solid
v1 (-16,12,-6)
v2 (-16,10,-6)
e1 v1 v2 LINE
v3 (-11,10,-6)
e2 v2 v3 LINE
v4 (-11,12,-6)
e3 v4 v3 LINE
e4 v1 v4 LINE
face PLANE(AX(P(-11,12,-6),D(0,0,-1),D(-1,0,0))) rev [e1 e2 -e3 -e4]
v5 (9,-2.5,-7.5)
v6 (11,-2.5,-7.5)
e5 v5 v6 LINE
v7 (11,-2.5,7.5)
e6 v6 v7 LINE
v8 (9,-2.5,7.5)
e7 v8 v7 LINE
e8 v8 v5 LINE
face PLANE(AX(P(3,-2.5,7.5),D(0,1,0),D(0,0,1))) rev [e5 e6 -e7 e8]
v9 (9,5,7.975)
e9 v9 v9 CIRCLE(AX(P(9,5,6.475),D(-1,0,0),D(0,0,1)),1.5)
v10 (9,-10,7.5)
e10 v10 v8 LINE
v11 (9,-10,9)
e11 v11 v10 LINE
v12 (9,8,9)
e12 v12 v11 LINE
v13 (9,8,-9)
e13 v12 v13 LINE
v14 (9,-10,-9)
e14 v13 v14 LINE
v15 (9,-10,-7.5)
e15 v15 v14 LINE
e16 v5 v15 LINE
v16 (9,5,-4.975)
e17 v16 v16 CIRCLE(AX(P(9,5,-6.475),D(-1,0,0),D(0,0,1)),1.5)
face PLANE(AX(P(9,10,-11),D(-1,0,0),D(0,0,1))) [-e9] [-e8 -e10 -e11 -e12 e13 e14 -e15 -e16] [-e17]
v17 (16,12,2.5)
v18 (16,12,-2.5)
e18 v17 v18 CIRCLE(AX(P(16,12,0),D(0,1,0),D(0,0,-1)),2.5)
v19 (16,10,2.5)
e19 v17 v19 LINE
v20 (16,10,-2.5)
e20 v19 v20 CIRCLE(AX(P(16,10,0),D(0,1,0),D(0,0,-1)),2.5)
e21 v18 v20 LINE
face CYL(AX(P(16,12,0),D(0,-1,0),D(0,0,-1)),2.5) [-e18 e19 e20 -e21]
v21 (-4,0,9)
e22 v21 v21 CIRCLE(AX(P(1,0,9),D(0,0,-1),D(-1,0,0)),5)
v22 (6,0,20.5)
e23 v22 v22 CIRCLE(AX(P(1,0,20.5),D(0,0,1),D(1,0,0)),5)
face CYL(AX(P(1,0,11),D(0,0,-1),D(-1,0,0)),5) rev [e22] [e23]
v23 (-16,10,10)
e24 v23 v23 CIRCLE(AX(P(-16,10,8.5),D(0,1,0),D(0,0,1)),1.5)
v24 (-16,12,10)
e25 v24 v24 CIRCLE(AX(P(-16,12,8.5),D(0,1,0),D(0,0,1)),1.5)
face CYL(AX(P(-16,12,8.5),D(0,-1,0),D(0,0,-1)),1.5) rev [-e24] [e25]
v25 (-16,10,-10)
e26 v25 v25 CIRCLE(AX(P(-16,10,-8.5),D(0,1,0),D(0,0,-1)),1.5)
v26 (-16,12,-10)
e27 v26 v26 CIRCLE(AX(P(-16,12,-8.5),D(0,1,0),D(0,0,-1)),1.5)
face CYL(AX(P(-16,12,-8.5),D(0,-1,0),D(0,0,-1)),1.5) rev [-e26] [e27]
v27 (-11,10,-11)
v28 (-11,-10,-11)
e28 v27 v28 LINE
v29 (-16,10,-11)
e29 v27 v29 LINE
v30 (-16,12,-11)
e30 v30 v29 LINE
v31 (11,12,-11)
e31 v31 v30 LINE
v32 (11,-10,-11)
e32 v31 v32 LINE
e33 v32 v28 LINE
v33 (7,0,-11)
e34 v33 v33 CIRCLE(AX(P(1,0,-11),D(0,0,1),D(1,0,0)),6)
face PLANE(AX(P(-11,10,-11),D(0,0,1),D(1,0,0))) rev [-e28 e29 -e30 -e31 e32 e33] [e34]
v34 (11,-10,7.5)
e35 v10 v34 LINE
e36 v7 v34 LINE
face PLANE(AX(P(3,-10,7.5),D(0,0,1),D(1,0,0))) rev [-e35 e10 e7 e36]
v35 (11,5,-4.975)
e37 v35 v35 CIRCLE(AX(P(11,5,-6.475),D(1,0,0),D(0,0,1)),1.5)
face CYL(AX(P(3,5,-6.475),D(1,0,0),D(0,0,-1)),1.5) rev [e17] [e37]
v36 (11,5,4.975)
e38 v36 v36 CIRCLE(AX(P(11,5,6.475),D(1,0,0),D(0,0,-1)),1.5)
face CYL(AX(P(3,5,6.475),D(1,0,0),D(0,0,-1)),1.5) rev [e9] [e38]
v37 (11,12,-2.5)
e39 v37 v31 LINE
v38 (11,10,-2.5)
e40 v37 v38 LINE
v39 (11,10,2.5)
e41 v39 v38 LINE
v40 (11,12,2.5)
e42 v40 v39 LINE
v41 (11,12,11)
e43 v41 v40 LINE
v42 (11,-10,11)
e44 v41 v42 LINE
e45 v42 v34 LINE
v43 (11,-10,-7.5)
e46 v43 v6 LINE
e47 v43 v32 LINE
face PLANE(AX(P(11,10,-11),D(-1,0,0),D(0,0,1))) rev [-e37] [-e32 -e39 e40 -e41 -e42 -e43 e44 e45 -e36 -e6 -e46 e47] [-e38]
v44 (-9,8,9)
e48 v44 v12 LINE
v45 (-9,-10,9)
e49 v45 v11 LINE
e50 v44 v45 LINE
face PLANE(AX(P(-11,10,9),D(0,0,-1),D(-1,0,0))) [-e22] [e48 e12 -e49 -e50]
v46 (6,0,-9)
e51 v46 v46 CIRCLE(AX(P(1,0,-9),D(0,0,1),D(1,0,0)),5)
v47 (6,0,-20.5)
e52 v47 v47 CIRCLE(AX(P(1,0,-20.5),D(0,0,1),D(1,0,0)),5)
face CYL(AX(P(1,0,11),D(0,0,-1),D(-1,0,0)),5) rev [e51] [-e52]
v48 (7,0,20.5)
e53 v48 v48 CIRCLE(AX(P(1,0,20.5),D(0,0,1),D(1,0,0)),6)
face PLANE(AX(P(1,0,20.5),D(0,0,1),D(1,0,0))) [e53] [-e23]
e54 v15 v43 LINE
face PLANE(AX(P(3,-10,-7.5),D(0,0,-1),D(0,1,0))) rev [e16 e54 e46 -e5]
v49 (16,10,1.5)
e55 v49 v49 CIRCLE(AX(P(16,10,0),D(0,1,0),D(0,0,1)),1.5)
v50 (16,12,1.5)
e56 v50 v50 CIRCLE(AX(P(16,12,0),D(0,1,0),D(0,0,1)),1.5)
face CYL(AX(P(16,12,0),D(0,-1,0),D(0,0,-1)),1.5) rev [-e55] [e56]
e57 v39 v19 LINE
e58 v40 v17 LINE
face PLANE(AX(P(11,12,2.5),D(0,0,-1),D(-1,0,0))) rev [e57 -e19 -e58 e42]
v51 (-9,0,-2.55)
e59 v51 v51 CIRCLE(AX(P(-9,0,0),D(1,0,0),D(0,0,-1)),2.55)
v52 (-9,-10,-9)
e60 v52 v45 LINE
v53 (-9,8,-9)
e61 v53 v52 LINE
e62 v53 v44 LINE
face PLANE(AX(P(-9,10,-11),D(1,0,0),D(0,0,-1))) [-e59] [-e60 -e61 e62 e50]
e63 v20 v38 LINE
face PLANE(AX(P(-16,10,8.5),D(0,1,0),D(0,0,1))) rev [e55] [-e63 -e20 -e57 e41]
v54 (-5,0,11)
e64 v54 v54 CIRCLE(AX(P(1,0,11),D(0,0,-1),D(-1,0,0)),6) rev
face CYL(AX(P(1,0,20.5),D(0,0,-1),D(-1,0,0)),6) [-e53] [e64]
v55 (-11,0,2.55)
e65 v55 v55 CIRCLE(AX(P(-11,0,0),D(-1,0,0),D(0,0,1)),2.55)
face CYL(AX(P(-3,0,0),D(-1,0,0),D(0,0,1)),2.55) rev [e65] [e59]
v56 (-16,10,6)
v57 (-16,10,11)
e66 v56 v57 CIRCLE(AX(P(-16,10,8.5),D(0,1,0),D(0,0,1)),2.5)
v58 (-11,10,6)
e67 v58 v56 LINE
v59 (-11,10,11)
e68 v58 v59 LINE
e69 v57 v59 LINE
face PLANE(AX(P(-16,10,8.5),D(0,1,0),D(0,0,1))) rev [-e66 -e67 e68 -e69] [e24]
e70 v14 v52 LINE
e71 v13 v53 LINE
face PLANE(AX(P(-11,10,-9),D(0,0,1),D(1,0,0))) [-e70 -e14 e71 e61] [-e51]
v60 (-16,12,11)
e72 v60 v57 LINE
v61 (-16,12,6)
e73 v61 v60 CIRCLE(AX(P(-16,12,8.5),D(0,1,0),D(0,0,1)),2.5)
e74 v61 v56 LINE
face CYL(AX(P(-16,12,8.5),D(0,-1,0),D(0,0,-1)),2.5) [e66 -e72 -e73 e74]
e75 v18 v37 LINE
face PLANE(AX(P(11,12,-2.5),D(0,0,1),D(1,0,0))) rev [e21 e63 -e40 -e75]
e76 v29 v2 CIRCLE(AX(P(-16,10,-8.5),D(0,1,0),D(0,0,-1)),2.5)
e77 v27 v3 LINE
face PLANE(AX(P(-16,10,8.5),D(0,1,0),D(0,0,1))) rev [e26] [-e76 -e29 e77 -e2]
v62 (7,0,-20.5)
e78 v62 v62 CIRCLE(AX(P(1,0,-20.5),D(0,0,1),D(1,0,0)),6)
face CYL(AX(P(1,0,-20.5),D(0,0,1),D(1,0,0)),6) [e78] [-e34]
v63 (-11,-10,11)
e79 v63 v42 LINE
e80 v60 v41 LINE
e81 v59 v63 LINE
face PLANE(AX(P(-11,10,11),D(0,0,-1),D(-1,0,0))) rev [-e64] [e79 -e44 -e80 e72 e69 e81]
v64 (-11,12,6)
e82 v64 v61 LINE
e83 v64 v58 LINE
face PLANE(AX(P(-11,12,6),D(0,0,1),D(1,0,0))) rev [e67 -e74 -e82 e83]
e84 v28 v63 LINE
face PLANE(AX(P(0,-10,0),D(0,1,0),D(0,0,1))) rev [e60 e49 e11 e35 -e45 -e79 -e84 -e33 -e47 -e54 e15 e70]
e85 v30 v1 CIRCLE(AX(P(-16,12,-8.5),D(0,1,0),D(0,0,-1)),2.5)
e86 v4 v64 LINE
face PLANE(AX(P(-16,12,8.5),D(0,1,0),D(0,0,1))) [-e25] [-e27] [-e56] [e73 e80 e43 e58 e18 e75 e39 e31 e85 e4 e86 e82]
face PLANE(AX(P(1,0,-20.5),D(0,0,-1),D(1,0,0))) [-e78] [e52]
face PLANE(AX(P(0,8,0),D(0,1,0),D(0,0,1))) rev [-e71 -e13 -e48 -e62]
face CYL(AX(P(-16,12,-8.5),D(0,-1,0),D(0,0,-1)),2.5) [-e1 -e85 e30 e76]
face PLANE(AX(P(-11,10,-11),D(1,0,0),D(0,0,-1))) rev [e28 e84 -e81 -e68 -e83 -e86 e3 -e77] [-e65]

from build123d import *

# Parameters (mm, degrees)
SKETCH1_W               = 22
SKETCH1_H               = 22
BOSS_EXTRUDE1_DEPTH     = 10
SHELL1_T                = -2
SKETCH2_R               = 1.5
SKETCH2_W               = 15
SKETCH2_H               = 7.5
CUT_EXTRUDE1_DEPTH      = 8
SKETCH3_R               = 2.55
CUT_EXTRUDE2_DEPTH      = 8
CUT_EXTRUDE3_DEPTH      = 27.551836095
CUT_EXTRUDE3_DEPTH_BACK = 27.551836095
SKETCH4_R               = 5
BOSS_EXTRUDE2_START     = 10.5
SKETCH5_R               = 6
SKETCH5_R_2             = 5
BOSS_EXTRUDE2_DEPTH     = 10
SKETCH7_R               = 1.5
BOSS_EXTRUDE3_DEPTH     = 2


with BuildPart() as part:
    # Sketch1 → Boss-Extrude1 (new, symmetric)
    with BuildSketch(Plane(origin=(0, 0, 0), x_dir=(1, 0, 0), z_dir=(0, 1, 0))):
        Rectangle(SKETCH1_W, SKETCH1_H)
    extrude(amount=BOSS_EXTRUDE1_DEPTH, both=True)

    # Shell1
    shell1_openings = [part.faces().sort_by_distance(p)[0] for p in [
        (0, -10, 0),
    ]]
    offset(amount=SHELL1_T, openings=shell1_openings, kind=Kind.INTERSECTION)

    # Sketch2 → Cut-Extrude1 (cut)
    with BuildSketch(Plane(origin=(11, 0, 0), x_dir=(0, 0, -1), z_dir=(1, 0, 0))):
        with Locations((-6.475, 5)):
            Circle(SKETCH2_R)
        with Locations(Location((6.475, 5, 0), (0, 0, 180))):
            Circle(SKETCH2_R)
        with Locations((0, -6.25)):
            Rectangle(SKETCH2_W, SKETCH2_H)
    extrude(amount=-CUT_EXTRUDE1_DEPTH, mode=Mode.SUBTRACT)

    # Sketch3 → Cut-Extrude2 (cut)
    with BuildSketch(Plane.ZY.offset(11)):
        Circle(SKETCH3_R)
    extrude(amount=-CUT_EXTRUDE2_DEPTH, mode=Mode.SUBTRACT)

    # Sketch4 → Cut-Extrude3 (cut, two sides: drawn at the far end of the back side and taken through both)
    with BuildSketch(Plane(origin=(0, 0, -11), x_dir=(-1, 0, 0), z_dir=(0, 0, -1)).offset(-CUT_EXTRUDE3_DEPTH_BACK)):
        with Locations((-1, 0)):
            Circle(SKETCH4_R)
    extrude(amount=CUT_EXTRUDE3_DEPTH + CUT_EXTRUDE3_DEPTH_BACK, mode=Mode.SUBTRACT)

    # Sketch5 → Boss-Extrude2 (add)
    with BuildSketch(Plane.XY.offset(BOSS_EXTRUDE2_START)):
        with Locations(Location((1, 0, 0), (0, 0, 180))):
            Circle(SKETCH5_R)
        with Locations(Location((1, 0, 0), (0, 0, 180))):
            Circle(SKETCH5_R_2, mode=Mode.SUBTRACT)
    boss_extrude2 = extrude(amount=BOSS_EXTRUDE2_DEPTH)

    # Mirror4: Boss-Extrude2 across plane
    add(boss_extrude2.mirror(Plane.XY))

    # Sketch7 → Boss-Extrude3 (add)
    with BuildSketch(Plane(origin=(0, 10, 0), x_dir=(1, 0, 0), z_dir=(0, 1, 0))):
        with BuildLine():
            Line((-11, -6), (-16, -6))
            ThreePointArc((-16, -6), (-18.5, -8.5), (-16, -11))
            Line((-16, -11), (-11, -11))
            Line((-11, -11), (11, -11))
            Line((11, -11), (11, -2.5))
            Line((11, -2.5), (16, -2.5))
            ThreePointArc((16, -2.5), (18.5, 0), (16, 2.5))
            Line((16, 2.5), (11, 2.5))
            Line((11, 2.5), (11, 11))
            Line((11, 11), (-11, 11))
            Line((-11, 11), (-16, 11))
            ThreePointArc((-16, 11), (-18.5, 8.5), (-16, 6))
            Line((-16, 6), (-11, 6))
            Line((-11, 6), (-11, -6))
        make_face()
        with Locations(Location((-16, -8.5, 0), (0, 0, 270))):
            Circle(SKETCH7_R, mode=Mode.SUBTRACT)
        with Locations(Location((-16, 8.5, 0), (0, 0, 90))):
            Circle(SKETCH7_R, mode=Mode.SUBTRACT)
        with Locations(Location((16, 0, 0), (0, 0, 270))):
            Circle(SKETCH7_R, mode=Mode.SUBTRACT)
    extrude(amount=BOSS_EXTRUDE3_DEPTH)


solid = part.part
